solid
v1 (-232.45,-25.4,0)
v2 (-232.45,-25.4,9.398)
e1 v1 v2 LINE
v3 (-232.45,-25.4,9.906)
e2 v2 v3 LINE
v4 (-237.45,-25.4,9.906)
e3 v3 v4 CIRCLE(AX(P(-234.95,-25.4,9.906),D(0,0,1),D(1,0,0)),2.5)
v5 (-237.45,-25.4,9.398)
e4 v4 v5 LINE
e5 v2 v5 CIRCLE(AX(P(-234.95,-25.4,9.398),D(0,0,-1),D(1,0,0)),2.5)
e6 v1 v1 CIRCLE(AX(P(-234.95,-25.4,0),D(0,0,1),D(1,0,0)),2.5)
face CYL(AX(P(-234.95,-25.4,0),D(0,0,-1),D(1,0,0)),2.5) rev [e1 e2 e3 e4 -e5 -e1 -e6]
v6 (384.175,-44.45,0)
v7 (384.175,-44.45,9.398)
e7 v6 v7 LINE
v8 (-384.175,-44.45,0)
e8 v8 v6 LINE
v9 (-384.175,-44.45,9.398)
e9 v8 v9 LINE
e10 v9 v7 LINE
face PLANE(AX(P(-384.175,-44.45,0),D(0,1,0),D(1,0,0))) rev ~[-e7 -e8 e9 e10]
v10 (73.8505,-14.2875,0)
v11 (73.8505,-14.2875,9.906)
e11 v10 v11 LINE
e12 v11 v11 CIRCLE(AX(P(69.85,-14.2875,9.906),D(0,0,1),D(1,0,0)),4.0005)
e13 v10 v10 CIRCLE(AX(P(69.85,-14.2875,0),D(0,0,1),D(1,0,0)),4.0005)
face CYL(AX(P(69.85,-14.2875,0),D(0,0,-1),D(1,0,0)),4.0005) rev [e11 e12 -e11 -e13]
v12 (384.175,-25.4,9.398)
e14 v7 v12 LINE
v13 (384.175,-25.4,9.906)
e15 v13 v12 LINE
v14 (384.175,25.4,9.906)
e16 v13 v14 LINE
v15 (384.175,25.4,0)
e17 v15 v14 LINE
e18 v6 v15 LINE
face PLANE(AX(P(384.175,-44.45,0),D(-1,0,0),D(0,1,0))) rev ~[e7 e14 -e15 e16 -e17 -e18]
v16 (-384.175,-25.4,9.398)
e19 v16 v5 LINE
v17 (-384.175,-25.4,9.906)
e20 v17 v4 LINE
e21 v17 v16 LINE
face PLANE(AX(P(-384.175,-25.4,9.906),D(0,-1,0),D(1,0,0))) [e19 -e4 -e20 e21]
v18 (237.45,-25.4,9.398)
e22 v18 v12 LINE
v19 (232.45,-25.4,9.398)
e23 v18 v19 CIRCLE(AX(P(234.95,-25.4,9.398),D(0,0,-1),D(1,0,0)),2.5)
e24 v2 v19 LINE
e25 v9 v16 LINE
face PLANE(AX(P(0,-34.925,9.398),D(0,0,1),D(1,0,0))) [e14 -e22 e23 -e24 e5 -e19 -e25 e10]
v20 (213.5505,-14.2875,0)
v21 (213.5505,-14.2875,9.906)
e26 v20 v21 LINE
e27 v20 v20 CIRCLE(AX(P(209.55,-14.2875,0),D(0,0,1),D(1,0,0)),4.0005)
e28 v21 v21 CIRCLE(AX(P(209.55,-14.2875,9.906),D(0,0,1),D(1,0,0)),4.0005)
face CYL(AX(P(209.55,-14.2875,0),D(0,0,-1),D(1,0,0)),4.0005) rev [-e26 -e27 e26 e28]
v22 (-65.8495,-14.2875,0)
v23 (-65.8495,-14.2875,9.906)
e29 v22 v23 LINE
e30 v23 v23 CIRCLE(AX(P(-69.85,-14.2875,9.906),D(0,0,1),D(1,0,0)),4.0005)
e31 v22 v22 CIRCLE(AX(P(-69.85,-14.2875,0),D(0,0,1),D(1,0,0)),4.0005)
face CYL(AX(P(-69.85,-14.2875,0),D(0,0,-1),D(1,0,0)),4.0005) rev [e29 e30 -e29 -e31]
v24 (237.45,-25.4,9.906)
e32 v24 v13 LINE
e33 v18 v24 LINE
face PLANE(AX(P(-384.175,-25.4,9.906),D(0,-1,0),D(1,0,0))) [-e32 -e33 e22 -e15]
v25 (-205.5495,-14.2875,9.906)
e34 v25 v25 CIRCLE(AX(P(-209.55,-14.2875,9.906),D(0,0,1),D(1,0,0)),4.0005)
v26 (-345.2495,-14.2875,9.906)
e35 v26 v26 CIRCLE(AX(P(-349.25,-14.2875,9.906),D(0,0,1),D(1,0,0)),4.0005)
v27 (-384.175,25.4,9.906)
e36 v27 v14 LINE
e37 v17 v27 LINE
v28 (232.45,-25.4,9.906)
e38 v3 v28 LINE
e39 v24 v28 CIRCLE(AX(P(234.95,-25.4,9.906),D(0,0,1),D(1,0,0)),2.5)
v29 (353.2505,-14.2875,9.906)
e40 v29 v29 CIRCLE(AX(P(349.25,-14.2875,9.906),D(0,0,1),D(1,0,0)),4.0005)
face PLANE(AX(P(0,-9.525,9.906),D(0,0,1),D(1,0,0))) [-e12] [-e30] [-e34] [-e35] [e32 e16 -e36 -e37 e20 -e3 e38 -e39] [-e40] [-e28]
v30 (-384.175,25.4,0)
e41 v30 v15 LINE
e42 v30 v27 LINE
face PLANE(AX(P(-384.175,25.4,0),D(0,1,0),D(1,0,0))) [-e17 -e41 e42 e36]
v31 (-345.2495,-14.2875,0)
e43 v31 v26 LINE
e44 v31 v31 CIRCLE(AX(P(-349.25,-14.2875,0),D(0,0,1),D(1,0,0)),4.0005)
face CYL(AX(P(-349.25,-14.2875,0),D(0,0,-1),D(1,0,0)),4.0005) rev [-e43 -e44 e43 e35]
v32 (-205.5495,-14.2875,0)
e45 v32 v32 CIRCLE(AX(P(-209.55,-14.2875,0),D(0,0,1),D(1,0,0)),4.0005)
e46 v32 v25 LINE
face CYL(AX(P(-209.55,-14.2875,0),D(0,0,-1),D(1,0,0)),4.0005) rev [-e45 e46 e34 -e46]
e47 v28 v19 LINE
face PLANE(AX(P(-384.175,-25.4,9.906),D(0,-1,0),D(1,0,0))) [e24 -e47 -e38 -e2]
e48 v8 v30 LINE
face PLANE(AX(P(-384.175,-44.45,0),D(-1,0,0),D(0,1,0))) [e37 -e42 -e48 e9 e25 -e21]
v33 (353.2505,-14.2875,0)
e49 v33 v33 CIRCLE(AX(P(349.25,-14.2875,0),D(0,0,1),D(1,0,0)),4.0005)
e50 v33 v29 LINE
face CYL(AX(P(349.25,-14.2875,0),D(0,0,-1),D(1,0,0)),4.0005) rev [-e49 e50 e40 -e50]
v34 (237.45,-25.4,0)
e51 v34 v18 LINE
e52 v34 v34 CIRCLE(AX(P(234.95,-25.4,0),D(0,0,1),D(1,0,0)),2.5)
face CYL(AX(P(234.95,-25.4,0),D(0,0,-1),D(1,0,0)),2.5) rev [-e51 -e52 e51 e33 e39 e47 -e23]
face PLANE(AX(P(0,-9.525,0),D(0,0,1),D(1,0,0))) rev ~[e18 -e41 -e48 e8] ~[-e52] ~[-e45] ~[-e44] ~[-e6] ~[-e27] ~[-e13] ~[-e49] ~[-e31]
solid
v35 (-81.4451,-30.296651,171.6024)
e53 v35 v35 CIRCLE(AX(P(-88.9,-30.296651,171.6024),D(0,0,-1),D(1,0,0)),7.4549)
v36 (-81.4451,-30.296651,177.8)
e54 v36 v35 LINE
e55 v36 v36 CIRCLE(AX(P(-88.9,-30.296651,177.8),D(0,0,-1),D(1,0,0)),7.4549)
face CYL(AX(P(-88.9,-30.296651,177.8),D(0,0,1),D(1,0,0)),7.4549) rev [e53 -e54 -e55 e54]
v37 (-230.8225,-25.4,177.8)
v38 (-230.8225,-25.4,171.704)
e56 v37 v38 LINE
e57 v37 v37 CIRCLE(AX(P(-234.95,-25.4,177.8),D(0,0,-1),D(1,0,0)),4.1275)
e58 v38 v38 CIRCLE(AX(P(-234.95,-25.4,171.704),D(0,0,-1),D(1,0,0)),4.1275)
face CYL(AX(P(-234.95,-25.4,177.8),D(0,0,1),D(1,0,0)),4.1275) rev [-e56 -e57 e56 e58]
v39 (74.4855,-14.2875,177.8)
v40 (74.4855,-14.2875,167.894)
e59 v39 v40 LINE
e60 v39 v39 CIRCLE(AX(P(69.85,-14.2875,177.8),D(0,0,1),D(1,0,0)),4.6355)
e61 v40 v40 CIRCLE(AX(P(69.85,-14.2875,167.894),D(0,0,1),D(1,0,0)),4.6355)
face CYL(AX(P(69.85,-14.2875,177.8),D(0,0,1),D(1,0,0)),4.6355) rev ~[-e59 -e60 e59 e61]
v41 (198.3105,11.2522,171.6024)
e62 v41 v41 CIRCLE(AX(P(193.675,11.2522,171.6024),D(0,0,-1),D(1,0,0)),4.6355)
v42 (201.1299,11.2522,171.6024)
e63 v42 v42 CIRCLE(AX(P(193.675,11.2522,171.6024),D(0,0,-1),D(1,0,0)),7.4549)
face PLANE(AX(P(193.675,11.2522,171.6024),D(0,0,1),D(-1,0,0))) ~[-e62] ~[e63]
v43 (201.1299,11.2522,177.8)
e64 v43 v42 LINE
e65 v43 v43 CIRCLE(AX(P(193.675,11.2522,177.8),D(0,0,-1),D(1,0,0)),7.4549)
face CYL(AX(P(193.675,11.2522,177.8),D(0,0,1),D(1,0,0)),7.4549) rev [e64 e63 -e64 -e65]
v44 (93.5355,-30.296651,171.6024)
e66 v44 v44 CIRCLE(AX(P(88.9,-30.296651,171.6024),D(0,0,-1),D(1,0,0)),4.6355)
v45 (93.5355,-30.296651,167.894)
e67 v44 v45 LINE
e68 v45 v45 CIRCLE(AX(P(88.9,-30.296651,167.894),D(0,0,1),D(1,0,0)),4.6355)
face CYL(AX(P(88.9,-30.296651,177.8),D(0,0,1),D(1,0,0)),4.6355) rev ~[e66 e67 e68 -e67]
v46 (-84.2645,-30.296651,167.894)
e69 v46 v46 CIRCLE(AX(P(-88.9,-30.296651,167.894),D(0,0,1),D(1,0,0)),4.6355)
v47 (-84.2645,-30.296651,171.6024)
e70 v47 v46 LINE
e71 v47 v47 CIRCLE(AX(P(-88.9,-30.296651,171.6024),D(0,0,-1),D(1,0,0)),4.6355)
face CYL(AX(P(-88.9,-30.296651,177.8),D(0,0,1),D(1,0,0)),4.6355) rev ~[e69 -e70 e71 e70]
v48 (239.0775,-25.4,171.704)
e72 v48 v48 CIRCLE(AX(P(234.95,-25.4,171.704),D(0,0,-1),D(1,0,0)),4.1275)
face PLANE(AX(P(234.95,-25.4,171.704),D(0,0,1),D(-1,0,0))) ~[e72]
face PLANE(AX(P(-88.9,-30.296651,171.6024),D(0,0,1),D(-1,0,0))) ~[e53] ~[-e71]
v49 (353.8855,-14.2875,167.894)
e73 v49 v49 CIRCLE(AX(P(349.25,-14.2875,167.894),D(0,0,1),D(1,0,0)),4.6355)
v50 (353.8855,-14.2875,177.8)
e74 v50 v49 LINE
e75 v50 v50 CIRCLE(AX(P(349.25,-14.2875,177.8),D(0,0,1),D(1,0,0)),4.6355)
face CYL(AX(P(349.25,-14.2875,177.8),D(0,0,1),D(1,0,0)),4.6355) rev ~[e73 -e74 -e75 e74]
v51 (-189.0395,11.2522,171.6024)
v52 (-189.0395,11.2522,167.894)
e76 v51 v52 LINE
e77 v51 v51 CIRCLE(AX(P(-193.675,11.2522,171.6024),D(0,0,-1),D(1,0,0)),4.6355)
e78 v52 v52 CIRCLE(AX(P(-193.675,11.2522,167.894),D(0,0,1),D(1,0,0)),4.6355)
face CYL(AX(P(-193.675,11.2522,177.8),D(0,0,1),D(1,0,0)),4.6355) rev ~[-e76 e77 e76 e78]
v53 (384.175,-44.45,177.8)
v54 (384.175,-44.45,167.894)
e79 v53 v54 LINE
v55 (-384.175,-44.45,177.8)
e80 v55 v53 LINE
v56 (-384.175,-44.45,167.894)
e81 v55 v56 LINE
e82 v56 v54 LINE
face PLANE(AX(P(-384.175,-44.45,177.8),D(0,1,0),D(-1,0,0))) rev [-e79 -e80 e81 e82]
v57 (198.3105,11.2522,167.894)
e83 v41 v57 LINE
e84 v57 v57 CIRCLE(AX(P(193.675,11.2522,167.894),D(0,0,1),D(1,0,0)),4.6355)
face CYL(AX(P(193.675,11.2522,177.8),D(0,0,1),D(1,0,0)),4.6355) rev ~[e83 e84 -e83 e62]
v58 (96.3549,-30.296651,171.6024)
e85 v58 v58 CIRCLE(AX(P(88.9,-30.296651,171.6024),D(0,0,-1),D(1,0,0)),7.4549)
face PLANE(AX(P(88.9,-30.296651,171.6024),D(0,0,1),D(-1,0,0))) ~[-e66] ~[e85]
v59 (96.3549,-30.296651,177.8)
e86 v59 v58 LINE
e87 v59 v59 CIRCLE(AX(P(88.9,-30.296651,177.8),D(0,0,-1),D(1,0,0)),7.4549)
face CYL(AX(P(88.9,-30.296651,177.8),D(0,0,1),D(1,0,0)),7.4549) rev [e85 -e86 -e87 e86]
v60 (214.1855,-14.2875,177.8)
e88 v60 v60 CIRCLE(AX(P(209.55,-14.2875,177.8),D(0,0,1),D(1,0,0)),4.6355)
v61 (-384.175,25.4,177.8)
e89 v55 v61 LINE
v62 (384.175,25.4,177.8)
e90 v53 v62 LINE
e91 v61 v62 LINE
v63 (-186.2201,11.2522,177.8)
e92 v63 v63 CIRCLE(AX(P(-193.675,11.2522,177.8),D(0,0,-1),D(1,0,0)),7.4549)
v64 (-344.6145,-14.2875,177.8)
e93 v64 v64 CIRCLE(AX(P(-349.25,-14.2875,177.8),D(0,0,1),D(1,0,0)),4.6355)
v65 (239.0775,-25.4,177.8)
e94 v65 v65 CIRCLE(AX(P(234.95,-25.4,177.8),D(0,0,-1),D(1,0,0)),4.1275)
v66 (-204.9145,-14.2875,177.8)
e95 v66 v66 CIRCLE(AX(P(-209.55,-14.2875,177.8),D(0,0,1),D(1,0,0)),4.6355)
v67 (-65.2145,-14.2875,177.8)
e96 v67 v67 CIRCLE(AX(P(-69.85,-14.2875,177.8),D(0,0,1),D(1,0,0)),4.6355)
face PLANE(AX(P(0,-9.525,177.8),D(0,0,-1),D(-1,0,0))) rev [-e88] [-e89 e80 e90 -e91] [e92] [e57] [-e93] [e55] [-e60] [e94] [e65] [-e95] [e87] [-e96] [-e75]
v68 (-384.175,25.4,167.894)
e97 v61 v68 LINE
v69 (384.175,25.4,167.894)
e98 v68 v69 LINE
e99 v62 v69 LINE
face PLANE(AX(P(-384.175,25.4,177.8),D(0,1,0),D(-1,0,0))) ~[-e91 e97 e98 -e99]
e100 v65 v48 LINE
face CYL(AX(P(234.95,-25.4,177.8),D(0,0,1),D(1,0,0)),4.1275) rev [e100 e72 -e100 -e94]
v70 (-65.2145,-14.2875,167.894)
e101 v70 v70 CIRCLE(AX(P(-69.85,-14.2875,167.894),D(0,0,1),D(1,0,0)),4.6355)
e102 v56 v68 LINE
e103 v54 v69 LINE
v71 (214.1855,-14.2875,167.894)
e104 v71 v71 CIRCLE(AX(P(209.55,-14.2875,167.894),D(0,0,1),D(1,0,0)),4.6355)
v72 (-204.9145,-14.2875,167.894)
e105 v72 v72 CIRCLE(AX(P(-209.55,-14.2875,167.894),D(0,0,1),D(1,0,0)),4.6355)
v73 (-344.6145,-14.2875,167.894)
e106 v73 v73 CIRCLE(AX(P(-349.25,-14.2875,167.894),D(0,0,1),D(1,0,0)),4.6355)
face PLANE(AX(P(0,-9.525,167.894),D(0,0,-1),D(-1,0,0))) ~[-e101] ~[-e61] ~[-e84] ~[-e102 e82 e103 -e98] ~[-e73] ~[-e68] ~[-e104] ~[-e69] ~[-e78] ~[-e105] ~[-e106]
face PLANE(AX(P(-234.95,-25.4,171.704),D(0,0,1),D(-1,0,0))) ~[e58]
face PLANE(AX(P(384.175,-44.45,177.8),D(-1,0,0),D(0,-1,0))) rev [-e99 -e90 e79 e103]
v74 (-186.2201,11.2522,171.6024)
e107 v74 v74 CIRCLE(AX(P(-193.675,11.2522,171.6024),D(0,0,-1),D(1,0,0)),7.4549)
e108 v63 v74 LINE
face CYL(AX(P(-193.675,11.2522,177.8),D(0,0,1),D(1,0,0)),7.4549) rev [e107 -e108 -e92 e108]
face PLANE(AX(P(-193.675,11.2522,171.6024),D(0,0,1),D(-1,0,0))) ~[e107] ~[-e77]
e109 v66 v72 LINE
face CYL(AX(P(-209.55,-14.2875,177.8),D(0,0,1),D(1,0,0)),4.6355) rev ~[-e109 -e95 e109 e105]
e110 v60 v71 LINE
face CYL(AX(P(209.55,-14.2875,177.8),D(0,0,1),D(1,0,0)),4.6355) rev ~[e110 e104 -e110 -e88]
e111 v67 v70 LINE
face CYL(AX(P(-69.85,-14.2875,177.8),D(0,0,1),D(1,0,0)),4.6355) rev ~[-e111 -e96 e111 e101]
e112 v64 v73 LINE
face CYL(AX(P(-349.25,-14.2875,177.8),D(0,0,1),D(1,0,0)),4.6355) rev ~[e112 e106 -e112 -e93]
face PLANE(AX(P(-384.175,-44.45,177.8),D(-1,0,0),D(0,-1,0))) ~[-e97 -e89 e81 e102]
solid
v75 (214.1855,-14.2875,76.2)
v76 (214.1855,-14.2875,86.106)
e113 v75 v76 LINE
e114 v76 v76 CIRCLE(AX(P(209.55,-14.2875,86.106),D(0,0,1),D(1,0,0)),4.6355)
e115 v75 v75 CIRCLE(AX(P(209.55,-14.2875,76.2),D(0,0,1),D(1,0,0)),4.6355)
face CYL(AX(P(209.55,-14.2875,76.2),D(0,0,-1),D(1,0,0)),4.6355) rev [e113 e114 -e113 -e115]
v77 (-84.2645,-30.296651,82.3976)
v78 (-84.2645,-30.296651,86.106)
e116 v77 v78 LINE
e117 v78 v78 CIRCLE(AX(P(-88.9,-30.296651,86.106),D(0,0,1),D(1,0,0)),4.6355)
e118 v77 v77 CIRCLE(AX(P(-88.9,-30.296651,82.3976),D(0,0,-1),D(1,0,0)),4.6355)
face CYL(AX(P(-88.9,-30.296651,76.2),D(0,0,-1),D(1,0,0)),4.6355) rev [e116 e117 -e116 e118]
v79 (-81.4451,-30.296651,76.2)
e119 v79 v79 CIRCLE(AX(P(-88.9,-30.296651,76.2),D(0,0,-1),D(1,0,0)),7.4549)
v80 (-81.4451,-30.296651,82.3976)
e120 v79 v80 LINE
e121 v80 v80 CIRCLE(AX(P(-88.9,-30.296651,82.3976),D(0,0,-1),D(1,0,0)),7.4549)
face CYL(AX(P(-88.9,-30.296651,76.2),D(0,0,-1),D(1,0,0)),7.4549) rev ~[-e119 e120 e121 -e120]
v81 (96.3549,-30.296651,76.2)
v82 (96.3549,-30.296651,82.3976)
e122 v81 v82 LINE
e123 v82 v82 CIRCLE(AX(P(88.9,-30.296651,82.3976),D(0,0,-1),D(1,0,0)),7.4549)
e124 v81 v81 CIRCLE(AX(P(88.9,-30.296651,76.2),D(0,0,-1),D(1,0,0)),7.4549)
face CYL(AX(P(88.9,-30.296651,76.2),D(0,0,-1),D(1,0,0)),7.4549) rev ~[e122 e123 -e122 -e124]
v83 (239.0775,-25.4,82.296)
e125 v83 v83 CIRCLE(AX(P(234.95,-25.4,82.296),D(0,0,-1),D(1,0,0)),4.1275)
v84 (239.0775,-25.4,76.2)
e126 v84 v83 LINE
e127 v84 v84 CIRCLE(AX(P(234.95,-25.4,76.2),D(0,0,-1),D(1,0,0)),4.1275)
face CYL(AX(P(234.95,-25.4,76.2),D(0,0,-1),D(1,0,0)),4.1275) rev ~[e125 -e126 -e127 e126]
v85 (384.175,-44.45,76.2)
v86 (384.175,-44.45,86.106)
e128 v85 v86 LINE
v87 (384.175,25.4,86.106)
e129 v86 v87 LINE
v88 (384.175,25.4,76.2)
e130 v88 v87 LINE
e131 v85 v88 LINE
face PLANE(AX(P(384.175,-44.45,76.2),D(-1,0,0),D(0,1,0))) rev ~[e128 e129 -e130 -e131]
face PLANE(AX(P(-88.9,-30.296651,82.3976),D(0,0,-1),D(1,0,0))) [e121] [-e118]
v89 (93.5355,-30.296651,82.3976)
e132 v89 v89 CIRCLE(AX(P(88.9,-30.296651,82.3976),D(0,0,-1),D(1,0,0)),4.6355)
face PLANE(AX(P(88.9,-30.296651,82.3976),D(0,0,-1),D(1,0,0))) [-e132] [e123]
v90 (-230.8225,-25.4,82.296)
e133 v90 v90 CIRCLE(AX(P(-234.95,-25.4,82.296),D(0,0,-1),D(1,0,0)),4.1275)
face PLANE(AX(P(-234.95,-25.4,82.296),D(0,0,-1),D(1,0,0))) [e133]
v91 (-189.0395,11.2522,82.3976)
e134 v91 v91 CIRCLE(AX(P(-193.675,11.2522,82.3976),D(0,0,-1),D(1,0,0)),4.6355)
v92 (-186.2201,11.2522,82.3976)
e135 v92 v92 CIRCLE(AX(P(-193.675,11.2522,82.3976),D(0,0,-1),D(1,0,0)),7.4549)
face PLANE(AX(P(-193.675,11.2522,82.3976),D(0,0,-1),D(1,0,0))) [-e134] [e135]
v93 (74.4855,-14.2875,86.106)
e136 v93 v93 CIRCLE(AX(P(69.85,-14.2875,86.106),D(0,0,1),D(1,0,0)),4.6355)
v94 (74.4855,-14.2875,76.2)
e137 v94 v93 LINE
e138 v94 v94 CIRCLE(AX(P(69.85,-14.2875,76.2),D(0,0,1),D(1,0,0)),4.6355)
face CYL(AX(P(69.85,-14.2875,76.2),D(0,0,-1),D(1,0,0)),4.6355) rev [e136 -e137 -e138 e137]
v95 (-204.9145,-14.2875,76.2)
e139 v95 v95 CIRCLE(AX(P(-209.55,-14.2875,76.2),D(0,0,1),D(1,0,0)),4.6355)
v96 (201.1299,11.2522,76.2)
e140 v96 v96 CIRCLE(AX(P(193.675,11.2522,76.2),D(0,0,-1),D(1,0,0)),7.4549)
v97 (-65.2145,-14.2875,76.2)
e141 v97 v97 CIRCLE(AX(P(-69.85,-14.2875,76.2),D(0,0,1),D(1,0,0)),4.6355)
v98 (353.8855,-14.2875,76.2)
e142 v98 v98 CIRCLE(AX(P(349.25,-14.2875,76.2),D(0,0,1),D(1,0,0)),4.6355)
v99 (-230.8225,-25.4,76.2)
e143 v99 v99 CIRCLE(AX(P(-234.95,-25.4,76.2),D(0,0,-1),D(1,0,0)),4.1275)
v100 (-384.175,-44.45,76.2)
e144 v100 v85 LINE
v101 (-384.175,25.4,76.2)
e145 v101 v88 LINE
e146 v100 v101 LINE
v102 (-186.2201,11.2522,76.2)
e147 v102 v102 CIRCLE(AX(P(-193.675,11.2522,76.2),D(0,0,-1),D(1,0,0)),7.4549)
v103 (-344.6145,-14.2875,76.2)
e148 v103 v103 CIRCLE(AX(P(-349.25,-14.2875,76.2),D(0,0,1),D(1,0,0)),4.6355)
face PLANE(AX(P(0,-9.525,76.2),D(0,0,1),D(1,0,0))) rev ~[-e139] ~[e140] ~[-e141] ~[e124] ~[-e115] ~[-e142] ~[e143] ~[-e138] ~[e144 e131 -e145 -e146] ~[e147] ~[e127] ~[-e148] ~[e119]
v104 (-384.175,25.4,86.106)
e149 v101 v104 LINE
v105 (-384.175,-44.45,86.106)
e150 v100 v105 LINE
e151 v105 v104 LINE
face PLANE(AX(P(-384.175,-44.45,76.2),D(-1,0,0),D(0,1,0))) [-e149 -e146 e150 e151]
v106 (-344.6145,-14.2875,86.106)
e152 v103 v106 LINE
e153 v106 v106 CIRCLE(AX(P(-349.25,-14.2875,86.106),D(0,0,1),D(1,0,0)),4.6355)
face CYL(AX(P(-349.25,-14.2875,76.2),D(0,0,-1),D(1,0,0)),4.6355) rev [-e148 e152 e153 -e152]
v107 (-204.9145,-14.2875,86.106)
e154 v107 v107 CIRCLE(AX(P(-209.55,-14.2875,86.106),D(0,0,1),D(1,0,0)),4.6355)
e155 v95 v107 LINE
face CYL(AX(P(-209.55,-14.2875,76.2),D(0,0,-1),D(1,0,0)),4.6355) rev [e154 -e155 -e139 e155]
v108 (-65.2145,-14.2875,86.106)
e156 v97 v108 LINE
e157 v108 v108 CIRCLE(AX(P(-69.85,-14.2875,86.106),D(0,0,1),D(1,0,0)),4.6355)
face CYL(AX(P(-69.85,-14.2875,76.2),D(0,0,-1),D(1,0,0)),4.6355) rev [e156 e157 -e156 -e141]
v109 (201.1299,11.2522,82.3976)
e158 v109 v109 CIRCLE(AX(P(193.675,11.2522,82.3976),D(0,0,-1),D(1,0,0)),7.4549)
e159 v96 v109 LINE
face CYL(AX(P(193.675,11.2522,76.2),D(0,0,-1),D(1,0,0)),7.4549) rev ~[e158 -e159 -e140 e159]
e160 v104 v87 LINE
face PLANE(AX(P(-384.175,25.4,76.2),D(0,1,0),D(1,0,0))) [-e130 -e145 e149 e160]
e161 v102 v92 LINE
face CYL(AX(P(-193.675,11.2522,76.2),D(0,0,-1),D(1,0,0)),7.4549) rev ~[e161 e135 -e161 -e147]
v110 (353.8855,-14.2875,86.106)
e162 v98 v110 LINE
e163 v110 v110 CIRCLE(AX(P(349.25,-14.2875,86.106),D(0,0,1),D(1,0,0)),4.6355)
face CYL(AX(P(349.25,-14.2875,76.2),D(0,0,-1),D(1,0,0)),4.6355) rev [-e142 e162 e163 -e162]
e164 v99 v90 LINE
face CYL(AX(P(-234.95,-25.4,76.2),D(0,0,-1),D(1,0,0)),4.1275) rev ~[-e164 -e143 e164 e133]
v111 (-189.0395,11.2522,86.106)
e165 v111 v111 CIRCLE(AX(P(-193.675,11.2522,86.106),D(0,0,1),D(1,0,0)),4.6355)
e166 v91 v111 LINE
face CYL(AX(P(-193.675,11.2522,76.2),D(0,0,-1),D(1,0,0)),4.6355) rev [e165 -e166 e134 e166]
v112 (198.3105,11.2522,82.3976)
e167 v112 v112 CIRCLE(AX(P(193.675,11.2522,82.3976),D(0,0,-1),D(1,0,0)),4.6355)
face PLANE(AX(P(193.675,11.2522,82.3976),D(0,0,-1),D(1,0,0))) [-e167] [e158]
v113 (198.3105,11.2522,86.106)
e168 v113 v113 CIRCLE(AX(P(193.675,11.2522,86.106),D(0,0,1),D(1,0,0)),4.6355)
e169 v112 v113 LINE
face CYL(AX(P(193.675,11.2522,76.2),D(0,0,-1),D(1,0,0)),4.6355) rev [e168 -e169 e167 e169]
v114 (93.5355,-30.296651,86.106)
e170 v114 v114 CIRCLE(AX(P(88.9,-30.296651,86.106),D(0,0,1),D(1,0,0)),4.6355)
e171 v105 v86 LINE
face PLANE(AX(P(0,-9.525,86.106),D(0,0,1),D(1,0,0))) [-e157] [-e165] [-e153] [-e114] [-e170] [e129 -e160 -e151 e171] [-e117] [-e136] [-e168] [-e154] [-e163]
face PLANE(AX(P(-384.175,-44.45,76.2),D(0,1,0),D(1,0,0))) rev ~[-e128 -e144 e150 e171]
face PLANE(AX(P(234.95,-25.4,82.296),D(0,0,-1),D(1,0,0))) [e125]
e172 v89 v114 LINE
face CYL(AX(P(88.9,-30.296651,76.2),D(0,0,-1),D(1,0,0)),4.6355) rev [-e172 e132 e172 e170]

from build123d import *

# Parameters (mm, degrees)
F0_W      = 768.35
F0_H      = 69.85
F0_R      = 2.5
F0_R_2    = 4.0005
F1_DEPTH  = 9.906
F2_W      = 768.35
F2_H      = 19.05
F3_DEPTH  = 0.508
F5_W      = 768.35
F5_H      = 69.85
F5_R      = 4.6355
F6_DEPTH  = 9.906
F7_R      = 4.1275
F8_DEPTH  = 6.096
F10_R     = 7.4549
F11_DEPTH = 6.1976


with BuildPart() as f1:
    # F0 (on Top) → F1 (new body)
    with BuildSketch(Plane.XY):
        with Locations((0, -9.525)):
            Rectangle(F0_W, F0_H)
        with Locations((-234.95, -25.4)):
            Circle(F0_R, mode=Mode.SUBTRACT)
        with Locations((-349.25, -14.2875)):
            Circle(F0_R_2, mode=Mode.SUBTRACT)
        with Locations((-209.55, -14.2875)):
            Circle(F0_R_2, mode=Mode.SUBTRACT)
        with Locations((-69.85, -14.2875)):
            Circle(F0_R_2, mode=Mode.SUBTRACT)
        with Locations((69.85, -14.2875)):
            Circle(F0_R_2, mode=Mode.SUBTRACT)
        with Locations((234.95, -25.4)):
            Circle(F0_R, mode=Mode.SUBTRACT)
        with Locations((209.55, -14.2875)):
            Circle(F0_R_2, mode=Mode.SUBTRACT)
        with Locations((349.25, -14.2875)):
            Circle(F0_R_2, mode=Mode.SUBTRACT)
    extrude(amount=F1_DEPTH)

    # F2 (on face) → F3 (cut)
    with BuildSketch(Plane.XY.offset(9.906)):
        with Locations((0, -34.925)):
            Rectangle(F2_W, F2_H)
    extrude(amount=-F3_DEPTH, mode=Mode.SUBTRACT)


with BuildPart() as f6:
    # F5 (on offset) → F6 (new body)
    with BuildSketch(Plane.XY.offset(76.2)):
        with Locations((0, -9.525)):
            Rectangle(F5_W, F5_H)
        with Locations((-88.9, -30.296651)):
            Circle(F5_R, mode=Mode.SUBTRACT)
        with Locations((-349.25, -14.2875)):
            Circle(F5_R, mode=Mode.SUBTRACT)
        with Locations((-209.55, -14.2875)):
            Circle(F5_R, mode=Mode.SUBTRACT)
        with Locations((-69.85, -14.2875)):
            Circle(F5_R, mode=Mode.SUBTRACT)
        with Locations((88.9, -30.296651)):
            Circle(F5_R, mode=Mode.SUBTRACT)
        with Locations((69.85, -14.2875)):
            Circle(F5_R, mode=Mode.SUBTRACT)
        with Locations((209.55, -14.2875)):
            Circle(F5_R, mode=Mode.SUBTRACT)
        with Locations((349.25, -14.2875)):
            Circle(F5_R, mode=Mode.SUBTRACT)
        with Locations((-193.675, 11.2522)):
            Circle(F5_R, mode=Mode.SUBTRACT)
        with Locations((193.675, 11.2522)):
            Circle(F5_R, mode=Mode.SUBTRACT)
    extrude(amount=F6_DEPTH)

    # F7 (on face) → F8 (cut)
    with BuildSketch(Plane(origin=(0, 0, 76.2), x_dir=(1, 0, 0), z_dir=(0, 0, -1))):
        with Locations((-234.95, 25.4)):
            Circle(F7_R)
        with Locations((234.95, 25.4)):
            Circle(F7_R)
    extrude(amount=-F8_DEPTH, mode=Mode.SUBTRACT)

    # F10 (on face) → F11 (cut)
    with BuildSketch(Plane(origin=(0, 0, 76.2), x_dir=(1, 0, 0), z_dir=(0, 0, -1))):
        with Locations((-193.675, -11.2522)):
            Circle(F10_R)
        with Locations((-88.9, 30.296651)):
            Circle(F10_R)
        with Locations((88.9, 30.296651)):
            Circle(F10_R)
        with Locations((193.675, -11.2522)):
            Circle(F10_R)
    extrude(amount=-F11_DEPTH, mode=Mode.SUBTRACT)


with BuildPart() as f13_1:
    # F13: instance of F6
    add(f6.part.mirror(Plane.XY.offset(127)))


solid = Compound([f1.part, f6.part, f13_1.part])
